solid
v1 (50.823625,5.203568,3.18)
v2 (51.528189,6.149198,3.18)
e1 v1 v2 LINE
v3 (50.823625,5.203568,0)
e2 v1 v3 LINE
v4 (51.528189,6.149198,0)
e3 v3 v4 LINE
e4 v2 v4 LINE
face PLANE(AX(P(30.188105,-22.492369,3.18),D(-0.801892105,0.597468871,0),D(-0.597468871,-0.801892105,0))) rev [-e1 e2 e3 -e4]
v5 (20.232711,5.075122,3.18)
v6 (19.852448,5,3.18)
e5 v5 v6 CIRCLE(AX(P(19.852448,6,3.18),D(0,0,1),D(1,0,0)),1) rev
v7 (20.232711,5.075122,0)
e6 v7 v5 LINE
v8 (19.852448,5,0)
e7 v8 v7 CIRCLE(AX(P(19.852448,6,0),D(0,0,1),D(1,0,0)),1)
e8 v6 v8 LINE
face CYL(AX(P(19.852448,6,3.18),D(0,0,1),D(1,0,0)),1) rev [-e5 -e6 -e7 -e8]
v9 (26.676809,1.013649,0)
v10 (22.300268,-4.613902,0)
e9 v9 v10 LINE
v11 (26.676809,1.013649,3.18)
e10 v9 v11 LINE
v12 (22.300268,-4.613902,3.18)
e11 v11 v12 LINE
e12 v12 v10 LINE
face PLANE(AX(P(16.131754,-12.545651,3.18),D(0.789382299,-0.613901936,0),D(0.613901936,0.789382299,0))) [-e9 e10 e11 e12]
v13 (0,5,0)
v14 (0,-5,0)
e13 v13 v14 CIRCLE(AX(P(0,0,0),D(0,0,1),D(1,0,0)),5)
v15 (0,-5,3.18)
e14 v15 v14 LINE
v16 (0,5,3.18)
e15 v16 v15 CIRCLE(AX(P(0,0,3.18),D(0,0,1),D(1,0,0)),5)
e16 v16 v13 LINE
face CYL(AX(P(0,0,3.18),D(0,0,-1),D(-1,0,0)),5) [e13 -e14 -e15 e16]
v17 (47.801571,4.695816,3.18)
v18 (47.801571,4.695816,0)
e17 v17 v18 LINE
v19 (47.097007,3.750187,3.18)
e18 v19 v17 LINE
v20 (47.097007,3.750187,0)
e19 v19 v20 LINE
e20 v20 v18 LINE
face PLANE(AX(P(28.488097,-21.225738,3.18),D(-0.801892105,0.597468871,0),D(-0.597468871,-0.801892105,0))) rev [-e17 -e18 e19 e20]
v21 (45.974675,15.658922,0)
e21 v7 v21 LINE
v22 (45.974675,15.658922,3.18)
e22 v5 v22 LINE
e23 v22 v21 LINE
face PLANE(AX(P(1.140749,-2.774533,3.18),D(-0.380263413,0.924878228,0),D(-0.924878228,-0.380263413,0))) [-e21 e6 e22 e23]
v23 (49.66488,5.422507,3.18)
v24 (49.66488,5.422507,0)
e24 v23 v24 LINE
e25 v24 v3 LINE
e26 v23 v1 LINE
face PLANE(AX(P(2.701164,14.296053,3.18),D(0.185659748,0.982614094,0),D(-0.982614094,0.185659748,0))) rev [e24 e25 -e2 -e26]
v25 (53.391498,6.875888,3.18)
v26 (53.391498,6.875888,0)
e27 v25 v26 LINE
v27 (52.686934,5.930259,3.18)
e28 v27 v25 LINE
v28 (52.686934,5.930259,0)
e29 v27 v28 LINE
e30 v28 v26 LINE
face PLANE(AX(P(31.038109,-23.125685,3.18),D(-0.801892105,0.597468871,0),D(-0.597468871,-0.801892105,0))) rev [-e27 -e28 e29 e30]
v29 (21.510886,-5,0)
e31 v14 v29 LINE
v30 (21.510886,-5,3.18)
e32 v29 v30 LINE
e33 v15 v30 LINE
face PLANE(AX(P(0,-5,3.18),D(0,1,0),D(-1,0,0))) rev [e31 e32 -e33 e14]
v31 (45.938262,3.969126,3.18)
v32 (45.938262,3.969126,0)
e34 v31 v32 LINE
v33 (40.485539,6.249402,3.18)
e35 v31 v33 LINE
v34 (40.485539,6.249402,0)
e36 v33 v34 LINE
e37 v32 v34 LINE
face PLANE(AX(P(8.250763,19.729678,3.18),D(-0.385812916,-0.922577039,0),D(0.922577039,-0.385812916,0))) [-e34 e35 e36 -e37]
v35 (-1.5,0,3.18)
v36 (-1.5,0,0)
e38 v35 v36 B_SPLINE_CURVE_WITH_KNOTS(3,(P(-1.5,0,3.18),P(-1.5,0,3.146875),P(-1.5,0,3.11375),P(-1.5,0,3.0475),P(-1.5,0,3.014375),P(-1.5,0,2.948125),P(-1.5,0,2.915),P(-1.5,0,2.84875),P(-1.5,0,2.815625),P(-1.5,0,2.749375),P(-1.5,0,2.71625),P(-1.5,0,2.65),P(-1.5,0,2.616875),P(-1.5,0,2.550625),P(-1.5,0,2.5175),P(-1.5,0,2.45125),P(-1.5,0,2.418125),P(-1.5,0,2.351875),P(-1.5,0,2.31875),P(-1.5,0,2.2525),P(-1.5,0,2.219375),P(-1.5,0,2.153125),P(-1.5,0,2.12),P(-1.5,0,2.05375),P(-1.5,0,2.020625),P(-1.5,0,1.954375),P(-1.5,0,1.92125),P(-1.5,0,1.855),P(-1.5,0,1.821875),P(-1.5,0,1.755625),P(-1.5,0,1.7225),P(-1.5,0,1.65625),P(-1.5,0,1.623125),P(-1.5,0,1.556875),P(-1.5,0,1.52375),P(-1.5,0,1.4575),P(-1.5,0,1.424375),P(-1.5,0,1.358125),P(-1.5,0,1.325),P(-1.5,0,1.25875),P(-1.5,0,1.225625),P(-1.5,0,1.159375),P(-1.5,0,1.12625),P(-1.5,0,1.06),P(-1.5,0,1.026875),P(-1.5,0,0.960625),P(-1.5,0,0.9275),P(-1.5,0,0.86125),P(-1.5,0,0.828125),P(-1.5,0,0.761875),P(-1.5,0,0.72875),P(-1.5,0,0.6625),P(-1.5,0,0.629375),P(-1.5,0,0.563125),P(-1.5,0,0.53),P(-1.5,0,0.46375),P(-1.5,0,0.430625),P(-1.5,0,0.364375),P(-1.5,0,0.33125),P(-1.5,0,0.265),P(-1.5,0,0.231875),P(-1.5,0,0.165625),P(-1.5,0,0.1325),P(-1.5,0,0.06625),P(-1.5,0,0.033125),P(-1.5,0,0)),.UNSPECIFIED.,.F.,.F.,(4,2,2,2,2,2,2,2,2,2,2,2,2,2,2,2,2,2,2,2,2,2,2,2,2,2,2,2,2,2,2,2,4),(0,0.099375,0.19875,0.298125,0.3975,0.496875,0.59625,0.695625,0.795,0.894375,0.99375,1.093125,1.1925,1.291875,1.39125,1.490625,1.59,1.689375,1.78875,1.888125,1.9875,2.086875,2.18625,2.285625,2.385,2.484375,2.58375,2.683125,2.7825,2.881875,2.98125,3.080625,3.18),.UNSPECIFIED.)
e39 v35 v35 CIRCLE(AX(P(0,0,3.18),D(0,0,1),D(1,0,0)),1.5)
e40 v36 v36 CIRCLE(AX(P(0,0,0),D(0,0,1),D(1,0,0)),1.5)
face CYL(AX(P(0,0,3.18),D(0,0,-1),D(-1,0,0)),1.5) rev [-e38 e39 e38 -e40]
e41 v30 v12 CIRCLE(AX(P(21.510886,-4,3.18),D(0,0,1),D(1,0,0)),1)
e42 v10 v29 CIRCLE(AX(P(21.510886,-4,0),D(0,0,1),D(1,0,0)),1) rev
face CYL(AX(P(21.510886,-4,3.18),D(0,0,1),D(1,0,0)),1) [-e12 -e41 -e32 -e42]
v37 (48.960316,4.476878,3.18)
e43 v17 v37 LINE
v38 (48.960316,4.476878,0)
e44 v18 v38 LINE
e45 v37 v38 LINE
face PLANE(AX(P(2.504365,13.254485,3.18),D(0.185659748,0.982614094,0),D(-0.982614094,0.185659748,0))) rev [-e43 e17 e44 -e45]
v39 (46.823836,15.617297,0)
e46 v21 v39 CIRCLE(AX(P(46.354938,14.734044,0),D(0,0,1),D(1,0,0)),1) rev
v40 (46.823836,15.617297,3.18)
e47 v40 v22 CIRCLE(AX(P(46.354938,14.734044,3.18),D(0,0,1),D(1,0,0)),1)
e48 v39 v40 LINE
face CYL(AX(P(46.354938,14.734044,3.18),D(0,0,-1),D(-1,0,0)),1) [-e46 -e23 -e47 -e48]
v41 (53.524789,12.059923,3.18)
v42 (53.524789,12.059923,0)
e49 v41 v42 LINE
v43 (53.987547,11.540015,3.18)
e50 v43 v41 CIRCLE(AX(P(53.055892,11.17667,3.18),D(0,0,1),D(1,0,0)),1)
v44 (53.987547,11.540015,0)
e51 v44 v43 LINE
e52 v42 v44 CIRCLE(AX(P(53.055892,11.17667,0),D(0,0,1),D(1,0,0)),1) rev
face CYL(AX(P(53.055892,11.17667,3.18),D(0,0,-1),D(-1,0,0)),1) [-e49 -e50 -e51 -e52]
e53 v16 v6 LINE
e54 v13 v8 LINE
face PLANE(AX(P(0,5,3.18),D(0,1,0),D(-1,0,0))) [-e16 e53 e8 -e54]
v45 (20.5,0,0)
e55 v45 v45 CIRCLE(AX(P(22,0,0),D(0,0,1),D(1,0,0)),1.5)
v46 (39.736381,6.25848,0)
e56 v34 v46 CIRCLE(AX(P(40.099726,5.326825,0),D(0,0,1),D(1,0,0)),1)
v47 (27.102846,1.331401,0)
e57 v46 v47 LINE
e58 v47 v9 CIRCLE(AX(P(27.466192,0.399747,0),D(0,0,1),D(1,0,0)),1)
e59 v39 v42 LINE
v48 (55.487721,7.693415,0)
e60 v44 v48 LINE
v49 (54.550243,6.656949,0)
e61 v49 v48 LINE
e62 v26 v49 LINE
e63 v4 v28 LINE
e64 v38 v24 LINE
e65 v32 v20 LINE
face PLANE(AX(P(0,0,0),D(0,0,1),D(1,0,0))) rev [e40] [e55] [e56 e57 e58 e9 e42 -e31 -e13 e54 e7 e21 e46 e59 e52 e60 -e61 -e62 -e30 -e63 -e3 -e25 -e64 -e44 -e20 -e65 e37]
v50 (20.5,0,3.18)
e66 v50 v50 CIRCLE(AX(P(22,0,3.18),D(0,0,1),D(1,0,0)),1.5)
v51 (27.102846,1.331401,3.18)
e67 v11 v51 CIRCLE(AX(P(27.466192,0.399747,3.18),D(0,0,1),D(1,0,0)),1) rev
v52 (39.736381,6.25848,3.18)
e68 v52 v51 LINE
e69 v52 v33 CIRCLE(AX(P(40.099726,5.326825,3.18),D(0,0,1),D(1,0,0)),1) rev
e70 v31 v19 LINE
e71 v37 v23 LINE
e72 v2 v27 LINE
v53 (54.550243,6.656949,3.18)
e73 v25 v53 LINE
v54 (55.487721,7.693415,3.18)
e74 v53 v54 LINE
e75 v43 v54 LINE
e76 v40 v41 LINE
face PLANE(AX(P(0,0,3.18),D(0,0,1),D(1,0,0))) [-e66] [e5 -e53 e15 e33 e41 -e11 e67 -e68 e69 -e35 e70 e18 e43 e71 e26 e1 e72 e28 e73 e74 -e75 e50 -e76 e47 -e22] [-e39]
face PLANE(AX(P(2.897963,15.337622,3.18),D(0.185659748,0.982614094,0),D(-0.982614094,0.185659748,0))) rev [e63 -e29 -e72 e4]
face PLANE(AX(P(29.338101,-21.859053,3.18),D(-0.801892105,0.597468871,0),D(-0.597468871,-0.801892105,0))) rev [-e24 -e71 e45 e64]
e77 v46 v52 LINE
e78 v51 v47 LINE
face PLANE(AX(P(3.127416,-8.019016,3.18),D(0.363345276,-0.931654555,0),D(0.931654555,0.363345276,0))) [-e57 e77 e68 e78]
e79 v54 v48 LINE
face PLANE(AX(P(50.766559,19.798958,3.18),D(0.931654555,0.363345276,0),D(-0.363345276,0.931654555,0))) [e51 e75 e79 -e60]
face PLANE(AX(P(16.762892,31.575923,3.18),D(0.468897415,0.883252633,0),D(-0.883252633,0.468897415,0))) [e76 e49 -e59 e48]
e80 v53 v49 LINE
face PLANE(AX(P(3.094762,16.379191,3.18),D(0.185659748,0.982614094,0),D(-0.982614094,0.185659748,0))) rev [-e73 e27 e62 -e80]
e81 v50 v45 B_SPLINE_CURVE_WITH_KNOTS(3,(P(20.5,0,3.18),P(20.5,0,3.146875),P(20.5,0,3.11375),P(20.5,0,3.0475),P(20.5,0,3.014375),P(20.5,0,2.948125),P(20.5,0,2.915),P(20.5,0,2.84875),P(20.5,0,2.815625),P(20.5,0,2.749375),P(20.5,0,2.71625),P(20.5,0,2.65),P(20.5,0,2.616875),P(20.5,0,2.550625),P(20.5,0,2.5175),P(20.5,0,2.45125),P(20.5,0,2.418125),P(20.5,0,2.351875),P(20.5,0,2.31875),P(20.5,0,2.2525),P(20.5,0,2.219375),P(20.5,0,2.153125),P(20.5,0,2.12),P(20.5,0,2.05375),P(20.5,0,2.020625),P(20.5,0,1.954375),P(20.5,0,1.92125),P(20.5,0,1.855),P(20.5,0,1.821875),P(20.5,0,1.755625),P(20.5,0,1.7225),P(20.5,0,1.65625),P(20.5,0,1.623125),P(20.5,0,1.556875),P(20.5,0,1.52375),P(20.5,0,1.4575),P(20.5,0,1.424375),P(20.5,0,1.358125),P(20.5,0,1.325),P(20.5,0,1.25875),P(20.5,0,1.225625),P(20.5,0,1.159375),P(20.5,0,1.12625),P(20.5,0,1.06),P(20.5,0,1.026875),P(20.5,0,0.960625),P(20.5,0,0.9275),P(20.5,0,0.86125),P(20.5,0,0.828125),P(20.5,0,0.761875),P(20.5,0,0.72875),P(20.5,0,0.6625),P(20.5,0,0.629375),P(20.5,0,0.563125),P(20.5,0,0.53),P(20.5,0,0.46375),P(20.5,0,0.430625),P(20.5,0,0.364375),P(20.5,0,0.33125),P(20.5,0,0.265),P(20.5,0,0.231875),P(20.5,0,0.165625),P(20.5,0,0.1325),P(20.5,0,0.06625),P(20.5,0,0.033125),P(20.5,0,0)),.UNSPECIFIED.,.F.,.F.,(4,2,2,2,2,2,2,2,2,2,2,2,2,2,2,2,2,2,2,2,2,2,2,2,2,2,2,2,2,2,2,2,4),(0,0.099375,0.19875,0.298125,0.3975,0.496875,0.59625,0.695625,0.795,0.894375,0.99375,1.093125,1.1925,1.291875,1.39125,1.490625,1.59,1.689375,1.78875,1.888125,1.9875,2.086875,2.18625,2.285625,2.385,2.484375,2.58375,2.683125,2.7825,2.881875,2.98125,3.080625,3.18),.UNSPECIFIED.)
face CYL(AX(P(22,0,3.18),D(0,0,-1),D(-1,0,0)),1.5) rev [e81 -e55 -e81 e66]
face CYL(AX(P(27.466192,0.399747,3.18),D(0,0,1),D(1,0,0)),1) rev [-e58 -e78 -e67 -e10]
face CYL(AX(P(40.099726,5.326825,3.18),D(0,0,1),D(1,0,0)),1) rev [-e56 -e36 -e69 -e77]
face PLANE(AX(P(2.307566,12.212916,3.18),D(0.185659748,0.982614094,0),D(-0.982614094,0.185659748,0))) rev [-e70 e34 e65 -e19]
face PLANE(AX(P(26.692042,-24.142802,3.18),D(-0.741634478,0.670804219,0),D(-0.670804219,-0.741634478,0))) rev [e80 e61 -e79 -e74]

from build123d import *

# Parameters (mm, degrees)
SKETCH2_R           = 1.5
BOSS_EXTRUDE1_DEPTH = 3.18
FILLET1_R           = 1


with BuildPart() as part:
    # Sketch2 → Boss-Extrude1 (new body)
    # profile 1 of 7: a face of its own
    with BuildSketch(Plane.XY):
        with BuildLine():
            Line((20.05, 5), (0, 5))
            ThreePointArc((0, 5), (-5, 0), (0, -5))
            Line((0, -5), (22, -5))
            Line((22, -5), (26.846033211, 1.231244133))
            ThreePointArc((26.846033211, 1.231244133), (25.069509679, 3.946911493), (22, 5))
            Line((22, 5), (20.05, 5))
        make_face()
        with Locations(Location((0, 0, 0), (0, 0, 180))):
            Circle(SKETCH2_R, mode=Mode.SUBTRACT)
        with Locations(Location((22, 0, 0), (0, 0, 180))):
            Circle(SKETCH2_R, mode=Mode.SUBTRACT)
    # profile 2 of 7: a face of its own
    with BuildSketch(Plane.XY):
        with BuildLine():
            Line((46.409029503, 15.837507263), (20.05, 5))
            Line((20.05, 5), (22, 5))
            ThreePointArc((22, 5), (25.069509679, 3.946911493), (26.846033211, 1.231244133))
            Line((26.846033211, 1.231244133), (40.112794076, 6.40528087))
            Line((40.112794076, 6.40528087), (45.93826156, 3.969125944))
            Line((45.93826156, 3.969125944), (47.80157067, 4.695816497))
            Line((47.80157067, 4.695816497), (49.66487978, 5.42250705))
            Line((49.66487978, 5.42250705), (51.528188891, 6.149197603))
            Line((51.528188891, 6.149197603), (53.391498001, 6.875888156))
            Line((53.391498001, 6.875888156), (55.48772075, 7.693415028))
            Line((55.48772075, 7.693415028), (53.852667005, 11.885860526))
            Line((53.852667005, 11.885860526), (46.409029503, 15.837507263))
        make_face()
    # profile 3 of 7: a face of its own
    with BuildSketch(Plane.XY):
        Polygon((47.80157067, 4.695816497), (45.93826156, 3.969125944), (47.097006913, 3.750187123), align=None)
    # profile 4 of 7: a face of its own
    with BuildSketch(Plane.XY):
        Polygon((49.66487978, 5.42250705), (47.80157067, 4.695816497), (48.960316023, 4.476877676), align=None)
    # profile 5 of 7: a face of its own
    with BuildSketch(Plane.XY):
        Polygon((50.823625133, 5.203568229), (51.528188891, 6.149197603), (49.66487978, 5.42250705), align=None)
    # profile 6 of 7: a face of its own
    with BuildSketch(Plane.XY):
        Polygon((52.686934243, 5.930258782), (53.391498001, 6.875888156), (51.528188891, 6.149197603), align=None)
    # profile 7 of 7: a face of its own
    with BuildSketch(Plane.XY):
        Polygon((54.550243354, 6.656949335), (55.48772075, 7.693415028), (53.391498001, 6.875888156), align=None)
    extrude(amount=BOSS_EXTRUDE1_DEPTH)

    # Fillet1
    fillet1_edges = [part.edges().sort_by_distance(p)[0] for p in [
        (22, -5, 1.59),
        (20.05, 5, 1.59),
        (46.409029503, 15.837507263, 1.59),
        (53.852667005, 11.885860526, 1.59),
        (40.112794076, 6.40528087, 1.59),
        (26.846033211, 1.231244133, 1.59),
    ]]
    fillet(fillet1_edges, radius=FILLET1_R)


solid = part.part
